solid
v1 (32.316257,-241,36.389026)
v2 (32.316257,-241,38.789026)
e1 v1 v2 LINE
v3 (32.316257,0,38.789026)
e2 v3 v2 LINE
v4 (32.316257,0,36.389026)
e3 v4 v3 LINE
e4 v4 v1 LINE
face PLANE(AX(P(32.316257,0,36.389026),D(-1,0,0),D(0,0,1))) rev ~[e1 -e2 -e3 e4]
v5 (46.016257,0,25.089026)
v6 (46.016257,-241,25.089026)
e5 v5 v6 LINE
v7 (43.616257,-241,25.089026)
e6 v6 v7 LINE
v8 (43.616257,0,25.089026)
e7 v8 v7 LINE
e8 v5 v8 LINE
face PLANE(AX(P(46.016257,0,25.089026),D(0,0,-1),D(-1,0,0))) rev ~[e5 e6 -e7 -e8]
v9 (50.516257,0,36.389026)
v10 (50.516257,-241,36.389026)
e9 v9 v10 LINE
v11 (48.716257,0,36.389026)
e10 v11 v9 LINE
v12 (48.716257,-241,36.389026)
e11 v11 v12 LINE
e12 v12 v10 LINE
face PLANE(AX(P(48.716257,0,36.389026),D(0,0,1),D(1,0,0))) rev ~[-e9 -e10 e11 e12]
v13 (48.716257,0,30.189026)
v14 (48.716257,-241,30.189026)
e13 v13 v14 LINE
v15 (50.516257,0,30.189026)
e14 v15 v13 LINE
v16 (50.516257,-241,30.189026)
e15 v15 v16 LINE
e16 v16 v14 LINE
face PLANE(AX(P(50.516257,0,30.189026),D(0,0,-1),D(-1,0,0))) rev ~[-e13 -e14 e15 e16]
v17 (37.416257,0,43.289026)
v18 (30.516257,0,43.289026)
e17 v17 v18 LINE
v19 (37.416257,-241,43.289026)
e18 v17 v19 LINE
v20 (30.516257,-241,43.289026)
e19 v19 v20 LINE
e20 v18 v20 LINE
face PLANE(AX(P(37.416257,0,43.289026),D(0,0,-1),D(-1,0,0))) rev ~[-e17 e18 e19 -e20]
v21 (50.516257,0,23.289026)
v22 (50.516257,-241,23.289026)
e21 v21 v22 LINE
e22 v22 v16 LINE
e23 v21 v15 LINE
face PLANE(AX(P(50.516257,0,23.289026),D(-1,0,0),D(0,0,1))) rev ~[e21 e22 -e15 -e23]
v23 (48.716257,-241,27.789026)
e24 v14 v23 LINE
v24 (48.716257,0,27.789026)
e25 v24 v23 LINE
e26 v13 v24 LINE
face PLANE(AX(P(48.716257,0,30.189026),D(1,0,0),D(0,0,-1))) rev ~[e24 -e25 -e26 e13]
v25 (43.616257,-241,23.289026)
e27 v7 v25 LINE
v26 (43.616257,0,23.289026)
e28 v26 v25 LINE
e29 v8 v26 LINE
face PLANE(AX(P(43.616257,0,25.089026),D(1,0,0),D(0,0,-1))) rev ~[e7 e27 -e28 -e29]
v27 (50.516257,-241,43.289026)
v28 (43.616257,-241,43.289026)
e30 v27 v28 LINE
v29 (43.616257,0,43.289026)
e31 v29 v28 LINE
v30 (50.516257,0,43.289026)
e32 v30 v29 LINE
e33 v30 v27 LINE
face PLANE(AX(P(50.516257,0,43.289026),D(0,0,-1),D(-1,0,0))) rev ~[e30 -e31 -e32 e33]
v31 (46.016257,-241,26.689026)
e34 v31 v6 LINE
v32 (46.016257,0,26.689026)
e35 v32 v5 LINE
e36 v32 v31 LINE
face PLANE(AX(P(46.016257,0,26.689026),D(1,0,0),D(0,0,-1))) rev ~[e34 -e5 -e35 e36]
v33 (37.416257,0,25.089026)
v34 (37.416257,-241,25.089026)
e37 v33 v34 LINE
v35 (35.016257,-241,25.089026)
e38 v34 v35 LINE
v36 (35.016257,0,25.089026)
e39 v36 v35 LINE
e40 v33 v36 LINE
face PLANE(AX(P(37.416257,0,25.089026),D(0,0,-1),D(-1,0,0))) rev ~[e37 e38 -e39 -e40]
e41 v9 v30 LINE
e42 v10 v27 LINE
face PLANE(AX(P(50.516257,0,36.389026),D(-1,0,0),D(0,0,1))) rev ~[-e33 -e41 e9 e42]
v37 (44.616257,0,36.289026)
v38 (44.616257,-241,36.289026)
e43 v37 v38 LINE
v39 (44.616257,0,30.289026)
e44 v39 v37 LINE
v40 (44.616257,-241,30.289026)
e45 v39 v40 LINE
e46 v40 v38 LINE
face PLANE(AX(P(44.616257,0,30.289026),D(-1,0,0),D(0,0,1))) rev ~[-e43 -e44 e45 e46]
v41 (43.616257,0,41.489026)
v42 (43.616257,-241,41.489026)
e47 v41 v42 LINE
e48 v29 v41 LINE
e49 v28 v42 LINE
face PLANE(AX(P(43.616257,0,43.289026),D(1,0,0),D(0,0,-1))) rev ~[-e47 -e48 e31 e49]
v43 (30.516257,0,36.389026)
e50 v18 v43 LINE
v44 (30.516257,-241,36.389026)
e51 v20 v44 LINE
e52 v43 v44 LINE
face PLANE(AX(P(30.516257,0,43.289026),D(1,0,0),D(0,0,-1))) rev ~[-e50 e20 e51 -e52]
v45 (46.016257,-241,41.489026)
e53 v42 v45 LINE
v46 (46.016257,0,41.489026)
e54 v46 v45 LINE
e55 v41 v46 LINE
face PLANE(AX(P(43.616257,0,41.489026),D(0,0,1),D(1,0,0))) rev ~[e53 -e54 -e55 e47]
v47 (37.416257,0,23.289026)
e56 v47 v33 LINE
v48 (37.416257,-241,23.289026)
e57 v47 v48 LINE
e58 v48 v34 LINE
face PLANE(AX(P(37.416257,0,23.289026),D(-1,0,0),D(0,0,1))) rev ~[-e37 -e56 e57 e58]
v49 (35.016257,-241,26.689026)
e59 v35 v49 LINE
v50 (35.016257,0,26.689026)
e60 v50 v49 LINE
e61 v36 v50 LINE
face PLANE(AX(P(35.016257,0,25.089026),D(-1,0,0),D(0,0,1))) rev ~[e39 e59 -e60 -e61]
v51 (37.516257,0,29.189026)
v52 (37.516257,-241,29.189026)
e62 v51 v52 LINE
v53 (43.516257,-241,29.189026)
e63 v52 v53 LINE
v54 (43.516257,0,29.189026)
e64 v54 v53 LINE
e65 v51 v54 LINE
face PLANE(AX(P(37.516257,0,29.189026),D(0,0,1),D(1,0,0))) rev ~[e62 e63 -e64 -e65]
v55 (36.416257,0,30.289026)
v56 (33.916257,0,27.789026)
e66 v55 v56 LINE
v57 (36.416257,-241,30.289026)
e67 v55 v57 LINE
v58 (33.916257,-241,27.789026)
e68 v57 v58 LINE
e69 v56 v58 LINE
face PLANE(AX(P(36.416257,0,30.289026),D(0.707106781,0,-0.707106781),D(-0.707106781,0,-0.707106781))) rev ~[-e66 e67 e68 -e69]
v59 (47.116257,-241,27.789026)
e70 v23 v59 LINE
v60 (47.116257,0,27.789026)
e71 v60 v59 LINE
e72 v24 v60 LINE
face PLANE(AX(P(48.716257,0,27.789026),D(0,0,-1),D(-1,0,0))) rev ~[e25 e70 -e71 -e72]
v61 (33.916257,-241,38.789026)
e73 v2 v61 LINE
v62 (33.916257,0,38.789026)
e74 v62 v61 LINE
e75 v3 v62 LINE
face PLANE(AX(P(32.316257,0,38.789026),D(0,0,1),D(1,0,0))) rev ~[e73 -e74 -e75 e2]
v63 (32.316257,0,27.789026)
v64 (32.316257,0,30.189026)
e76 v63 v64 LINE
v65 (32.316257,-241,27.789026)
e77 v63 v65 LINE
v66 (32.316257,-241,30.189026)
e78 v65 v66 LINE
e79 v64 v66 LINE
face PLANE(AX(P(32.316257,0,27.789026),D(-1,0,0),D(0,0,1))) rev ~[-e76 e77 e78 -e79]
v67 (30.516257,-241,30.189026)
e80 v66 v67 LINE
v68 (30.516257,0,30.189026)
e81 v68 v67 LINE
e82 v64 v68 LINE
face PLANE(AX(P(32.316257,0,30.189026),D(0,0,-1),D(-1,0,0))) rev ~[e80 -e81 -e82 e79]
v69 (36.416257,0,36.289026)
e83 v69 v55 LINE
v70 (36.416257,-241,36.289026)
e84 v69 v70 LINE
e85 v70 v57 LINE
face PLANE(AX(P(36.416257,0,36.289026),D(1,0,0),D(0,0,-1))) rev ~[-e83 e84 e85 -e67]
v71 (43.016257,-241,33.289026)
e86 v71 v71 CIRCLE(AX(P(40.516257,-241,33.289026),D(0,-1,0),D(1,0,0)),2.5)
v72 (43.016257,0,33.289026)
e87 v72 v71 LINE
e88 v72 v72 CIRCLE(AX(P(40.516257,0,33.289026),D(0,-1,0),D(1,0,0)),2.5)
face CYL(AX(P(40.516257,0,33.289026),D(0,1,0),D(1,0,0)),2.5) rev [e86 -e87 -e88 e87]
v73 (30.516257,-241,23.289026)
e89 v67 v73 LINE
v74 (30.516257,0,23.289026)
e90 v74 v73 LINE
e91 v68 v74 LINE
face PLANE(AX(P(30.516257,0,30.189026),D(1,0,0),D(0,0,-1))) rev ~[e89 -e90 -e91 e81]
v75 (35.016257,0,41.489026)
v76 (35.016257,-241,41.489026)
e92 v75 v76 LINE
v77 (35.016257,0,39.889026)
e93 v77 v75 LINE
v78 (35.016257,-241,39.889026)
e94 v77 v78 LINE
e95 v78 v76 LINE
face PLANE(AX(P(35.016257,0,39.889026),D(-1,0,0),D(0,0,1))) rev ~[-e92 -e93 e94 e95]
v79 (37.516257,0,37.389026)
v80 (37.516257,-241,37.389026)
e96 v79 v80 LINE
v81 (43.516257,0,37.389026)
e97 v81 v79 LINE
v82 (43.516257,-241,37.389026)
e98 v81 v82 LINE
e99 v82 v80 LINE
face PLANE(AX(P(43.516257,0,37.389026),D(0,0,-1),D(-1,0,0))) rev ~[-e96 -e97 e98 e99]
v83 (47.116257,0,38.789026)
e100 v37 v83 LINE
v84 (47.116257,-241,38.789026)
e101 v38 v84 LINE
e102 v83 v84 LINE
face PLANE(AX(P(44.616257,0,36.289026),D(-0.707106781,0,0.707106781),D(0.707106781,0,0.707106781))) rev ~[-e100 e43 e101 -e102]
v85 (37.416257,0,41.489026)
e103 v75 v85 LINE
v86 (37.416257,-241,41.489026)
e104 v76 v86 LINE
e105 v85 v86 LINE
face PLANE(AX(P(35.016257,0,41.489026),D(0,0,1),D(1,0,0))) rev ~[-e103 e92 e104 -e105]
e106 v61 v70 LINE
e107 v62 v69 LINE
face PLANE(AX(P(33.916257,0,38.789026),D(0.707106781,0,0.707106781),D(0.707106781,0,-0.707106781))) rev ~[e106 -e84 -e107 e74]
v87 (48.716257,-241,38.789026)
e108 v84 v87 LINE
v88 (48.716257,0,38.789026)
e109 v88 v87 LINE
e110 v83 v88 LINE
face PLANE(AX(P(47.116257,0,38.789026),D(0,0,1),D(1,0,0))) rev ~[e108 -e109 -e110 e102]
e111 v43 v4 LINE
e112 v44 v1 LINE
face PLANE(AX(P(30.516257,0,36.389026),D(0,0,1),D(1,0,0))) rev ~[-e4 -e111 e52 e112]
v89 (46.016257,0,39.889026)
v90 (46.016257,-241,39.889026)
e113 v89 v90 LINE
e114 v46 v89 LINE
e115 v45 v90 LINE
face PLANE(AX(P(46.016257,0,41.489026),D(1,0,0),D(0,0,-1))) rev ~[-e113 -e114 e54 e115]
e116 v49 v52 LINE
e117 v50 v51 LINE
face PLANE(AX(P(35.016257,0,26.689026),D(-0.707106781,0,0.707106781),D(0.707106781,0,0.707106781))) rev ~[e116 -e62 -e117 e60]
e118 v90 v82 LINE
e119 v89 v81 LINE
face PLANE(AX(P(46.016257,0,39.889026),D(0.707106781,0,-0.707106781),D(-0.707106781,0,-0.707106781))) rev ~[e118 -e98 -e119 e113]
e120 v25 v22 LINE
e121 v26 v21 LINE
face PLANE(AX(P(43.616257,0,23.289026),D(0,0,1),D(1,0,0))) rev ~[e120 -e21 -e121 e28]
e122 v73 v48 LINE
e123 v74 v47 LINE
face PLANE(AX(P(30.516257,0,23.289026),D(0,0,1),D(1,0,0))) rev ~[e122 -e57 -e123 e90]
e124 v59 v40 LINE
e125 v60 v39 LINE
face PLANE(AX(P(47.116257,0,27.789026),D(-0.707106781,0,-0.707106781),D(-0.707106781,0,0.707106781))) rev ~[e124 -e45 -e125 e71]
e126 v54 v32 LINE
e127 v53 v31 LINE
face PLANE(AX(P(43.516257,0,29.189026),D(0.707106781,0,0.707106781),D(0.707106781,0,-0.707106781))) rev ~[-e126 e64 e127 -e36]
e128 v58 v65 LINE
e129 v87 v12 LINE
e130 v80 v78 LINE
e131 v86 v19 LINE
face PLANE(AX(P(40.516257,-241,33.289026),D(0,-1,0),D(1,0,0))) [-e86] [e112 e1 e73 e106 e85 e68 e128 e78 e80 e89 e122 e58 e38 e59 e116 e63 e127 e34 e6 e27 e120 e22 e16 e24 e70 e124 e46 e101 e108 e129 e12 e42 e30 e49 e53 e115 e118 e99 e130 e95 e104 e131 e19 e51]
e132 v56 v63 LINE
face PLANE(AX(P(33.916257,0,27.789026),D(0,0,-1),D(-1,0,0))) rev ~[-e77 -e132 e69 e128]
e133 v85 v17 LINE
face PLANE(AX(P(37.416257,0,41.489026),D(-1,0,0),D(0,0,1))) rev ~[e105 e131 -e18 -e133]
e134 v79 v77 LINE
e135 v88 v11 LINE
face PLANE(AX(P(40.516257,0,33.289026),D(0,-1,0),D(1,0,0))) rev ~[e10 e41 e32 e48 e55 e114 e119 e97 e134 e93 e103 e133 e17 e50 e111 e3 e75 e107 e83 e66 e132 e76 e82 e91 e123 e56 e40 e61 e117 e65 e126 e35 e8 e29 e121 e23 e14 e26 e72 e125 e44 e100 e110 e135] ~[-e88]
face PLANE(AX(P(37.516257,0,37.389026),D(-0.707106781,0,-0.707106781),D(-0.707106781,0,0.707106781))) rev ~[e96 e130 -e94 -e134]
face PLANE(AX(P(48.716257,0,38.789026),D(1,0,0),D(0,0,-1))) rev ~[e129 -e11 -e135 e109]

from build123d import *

# Parameters (mm, degrees)
F0_R     = 2.5
F1_DEPTH = 241


with BuildPart() as f1:
    # F0 (on Front) → F1 (new body)
    with BuildSketch(Plane.XZ):
        Polygon((37.416257, 43.289026), (30.516257, 43.289026), (30.516257, 36.389026), (32.316257, 36.389026), (32.316257, 38.789026), (33.916257, 38.789026), (36.416257, 36.289026), (36.416257, 30.289026), (33.916257, 27.789026), (32.316257, 27.789026), (32.316257, 30.189026), (30.516257, 30.189026), (30.516257, 23.289026), (37.416257, 23.289026), (37.416257, 25.089026), (35.016257, 25.089026), (35.016257, 26.689026), (37.516257, 29.189026), (40.516257, 29.189026), (43.516257, 29.189026), (46.016257, 26.689026), (46.016257, 25.089026), (43.616257, 25.089026), (43.616257, 23.289026), (50.516257, 23.289026), (50.516257, 30.189026), (48.716257, 30.189026), (48.716257, 27.789026), (47.116257, 27.789026), (44.616257, 30.289026), (44.616257, 36.289026), (47.116257, 38.789026), (48.716257, 38.789026), (48.716257, 36.389026), (50.516257, 36.389026), (50.516257, 43.289026), (43.616257, 43.289026), (43.616257, 41.489026), (46.016257, 41.489026), (46.016257, 39.889026), (43.516257, 37.389026), (40.516257, 37.389026), (37.516257, 37.389026), (35.016257, 39.889026), (35.016257, 41.489026), (37.416257, 41.489026), align=None)
        with Locations((40.516257, 33.289026)):
            Circle(F0_R, mode=Mode.SUBTRACT)
    extrude(amount=F1_DEPTH)


solid = f1.part
